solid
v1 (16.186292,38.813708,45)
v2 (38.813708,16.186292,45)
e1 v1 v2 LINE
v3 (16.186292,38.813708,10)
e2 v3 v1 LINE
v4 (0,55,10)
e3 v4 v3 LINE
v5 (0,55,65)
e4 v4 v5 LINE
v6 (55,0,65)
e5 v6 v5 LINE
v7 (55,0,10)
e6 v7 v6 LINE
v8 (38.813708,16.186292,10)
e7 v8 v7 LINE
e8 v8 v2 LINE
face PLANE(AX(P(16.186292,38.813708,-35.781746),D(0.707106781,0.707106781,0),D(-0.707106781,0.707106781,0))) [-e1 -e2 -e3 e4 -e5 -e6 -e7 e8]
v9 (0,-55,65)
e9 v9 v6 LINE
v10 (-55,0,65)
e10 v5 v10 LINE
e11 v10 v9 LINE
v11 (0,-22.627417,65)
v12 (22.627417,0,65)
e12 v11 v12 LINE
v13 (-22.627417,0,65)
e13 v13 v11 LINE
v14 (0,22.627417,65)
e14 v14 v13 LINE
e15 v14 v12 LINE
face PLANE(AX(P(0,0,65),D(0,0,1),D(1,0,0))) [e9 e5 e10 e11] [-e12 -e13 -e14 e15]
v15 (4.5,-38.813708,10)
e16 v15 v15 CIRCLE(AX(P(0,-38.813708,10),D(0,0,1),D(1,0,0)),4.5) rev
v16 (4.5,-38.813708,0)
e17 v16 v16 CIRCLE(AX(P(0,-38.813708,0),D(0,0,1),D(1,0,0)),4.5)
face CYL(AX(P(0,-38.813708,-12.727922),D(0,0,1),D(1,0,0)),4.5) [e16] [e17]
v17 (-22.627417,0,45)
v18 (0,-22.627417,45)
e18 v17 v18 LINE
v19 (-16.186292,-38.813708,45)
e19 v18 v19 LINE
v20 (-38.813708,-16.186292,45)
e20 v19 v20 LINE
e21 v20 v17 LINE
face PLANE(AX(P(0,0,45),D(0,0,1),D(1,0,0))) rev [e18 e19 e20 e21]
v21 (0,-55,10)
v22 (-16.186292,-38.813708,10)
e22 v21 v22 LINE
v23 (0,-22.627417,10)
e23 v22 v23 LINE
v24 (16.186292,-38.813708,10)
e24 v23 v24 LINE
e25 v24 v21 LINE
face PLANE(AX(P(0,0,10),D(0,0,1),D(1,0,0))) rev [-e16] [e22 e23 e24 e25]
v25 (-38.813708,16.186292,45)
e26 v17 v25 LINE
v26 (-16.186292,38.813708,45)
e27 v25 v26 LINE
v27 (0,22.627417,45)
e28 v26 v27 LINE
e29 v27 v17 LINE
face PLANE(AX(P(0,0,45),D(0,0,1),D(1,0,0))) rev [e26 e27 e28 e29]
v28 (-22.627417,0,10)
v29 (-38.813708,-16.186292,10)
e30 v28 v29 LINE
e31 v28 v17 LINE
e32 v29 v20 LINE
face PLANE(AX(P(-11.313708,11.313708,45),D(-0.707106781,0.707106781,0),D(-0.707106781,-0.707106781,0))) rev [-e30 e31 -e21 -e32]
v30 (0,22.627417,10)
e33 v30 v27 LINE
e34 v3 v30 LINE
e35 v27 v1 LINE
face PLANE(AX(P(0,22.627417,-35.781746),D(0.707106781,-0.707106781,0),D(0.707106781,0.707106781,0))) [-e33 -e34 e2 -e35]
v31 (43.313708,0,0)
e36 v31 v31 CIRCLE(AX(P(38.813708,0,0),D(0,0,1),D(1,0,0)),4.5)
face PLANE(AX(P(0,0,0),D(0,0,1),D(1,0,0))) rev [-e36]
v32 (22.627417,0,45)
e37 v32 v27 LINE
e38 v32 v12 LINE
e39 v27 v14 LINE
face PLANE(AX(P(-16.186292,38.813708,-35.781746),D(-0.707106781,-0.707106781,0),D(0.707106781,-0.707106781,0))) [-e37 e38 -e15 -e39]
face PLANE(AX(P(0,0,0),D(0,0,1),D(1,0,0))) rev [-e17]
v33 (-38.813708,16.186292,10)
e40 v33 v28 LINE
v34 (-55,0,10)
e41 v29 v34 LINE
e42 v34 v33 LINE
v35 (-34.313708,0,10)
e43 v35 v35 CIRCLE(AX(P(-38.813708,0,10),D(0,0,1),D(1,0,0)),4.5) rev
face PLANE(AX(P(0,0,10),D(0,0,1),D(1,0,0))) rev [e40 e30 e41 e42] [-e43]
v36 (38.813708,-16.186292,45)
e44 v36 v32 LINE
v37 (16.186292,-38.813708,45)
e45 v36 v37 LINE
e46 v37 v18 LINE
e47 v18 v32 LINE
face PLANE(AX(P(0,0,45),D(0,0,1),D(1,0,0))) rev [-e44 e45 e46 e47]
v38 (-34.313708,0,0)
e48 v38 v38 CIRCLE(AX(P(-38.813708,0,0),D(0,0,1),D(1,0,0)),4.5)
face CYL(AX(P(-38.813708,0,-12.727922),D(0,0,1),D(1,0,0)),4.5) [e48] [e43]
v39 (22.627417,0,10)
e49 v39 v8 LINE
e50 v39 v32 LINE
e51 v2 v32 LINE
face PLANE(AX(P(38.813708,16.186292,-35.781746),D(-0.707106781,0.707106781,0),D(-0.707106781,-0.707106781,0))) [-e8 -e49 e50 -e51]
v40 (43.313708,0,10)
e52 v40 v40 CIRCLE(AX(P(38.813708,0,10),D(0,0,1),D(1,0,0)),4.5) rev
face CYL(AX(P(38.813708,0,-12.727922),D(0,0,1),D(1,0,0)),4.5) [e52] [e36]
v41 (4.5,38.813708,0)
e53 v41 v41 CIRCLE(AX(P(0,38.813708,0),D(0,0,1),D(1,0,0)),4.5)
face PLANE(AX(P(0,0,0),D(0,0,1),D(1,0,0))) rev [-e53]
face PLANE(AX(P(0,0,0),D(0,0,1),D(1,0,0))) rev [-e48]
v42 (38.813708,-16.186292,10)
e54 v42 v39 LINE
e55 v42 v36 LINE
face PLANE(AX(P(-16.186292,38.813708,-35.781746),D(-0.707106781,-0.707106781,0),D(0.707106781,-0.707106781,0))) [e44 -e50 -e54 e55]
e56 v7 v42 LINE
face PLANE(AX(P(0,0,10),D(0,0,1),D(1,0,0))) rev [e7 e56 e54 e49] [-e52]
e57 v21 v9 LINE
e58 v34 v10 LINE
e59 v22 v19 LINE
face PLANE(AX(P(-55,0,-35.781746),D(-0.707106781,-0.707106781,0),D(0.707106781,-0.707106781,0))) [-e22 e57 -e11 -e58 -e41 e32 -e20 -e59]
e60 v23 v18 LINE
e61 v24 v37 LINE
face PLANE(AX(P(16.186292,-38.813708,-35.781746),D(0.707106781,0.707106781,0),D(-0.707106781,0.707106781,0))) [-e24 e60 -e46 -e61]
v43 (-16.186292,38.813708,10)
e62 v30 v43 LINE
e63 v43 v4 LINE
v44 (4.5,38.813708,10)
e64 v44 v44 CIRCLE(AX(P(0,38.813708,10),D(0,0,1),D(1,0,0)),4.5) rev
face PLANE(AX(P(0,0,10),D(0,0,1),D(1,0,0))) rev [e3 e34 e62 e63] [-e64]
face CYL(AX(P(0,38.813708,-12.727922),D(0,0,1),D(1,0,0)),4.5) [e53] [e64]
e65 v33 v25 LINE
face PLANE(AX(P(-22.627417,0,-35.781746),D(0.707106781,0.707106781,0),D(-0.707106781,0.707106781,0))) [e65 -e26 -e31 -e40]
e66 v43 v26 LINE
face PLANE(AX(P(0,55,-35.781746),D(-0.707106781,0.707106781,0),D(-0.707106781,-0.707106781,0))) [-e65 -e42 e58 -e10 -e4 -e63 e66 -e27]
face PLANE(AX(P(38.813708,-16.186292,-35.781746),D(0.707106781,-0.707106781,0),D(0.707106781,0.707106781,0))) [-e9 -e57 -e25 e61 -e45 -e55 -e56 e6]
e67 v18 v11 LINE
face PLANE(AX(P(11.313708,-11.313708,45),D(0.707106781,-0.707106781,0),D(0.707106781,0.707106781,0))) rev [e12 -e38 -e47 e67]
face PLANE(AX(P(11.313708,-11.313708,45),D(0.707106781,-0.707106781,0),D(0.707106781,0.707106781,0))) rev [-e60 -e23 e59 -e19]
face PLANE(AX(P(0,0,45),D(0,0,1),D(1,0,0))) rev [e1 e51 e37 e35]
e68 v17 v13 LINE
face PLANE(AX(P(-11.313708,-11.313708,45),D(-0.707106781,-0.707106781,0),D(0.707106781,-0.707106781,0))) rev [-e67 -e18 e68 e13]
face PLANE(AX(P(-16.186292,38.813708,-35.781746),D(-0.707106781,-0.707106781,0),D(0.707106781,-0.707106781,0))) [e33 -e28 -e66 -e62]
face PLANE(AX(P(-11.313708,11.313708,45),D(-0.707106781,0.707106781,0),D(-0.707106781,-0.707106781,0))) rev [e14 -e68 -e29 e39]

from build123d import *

# Parameters (mm, degrees)
BOSS_EXTRU_1_DEPTH        = 50
BOSS_EXTRU_1_DEPTH_BACK   = 5
BOSS_EXTRU_1_2_DEPTH      = 50
BOSS_EXTRU_1_2_DEPTH_BACK = 5
BOSS_EXTRU_1_3_DEPTH      = 50
BOSS_EXTRU_1_3_DEPTH_BACK = 5
BOSS_EXTRU_1_4_DEPTH      = 50
BOSS_EXTRU_1_4_DEPTH_BACK = 5
BOSS_EXTRU_2_DEPTH        = 20
ESQUISSE4_R               = 4.5
BOSS_EXTRU_3_DEPTH        = 10


with BuildPart() as part:
    # Esquisse1 → Boss.-Extru.1 (new, two sides: drawn at the far end of the back side and taken through both)
    with BuildSketch(Plane.XY.offset(15).offset(-BOSS_EXTRU_1_DEPTH_BACK)):
        Polygon((0, 55), (-16.186291501, 38.813708499), (0, 22.627416998), (16.186291501, 38.813708499), align=None)
    extrude(amount=BOSS_EXTRU_1_DEPTH + BOSS_EXTRU_1_DEPTH_BACK)



with BuildPart() as body_2:
    # Esquisse1 → Boss.-Extru.1 2 (new, two sides: drawn at the far end of the back side and taken through both)
    with BuildSketch(Plane.XY.offset(15).offset(-BOSS_EXTRU_1_2_DEPTH_BACK)):
        Polygon((-38.813708499, 16.186291501), (-55, 0), (-38.813708499, -16.186291501), (-22.627416998, 0), align=None)
    extrude(amount=BOSS_EXTRU_1_2_DEPTH + BOSS_EXTRU_1_2_DEPTH_BACK)


with BuildPart() as body_3:
    # Esquisse1 → Boss.-Extru.1 3 (new, two sides: drawn at the far end of the back side and taken through both)
    with BuildSketch(Plane.XY.offset(15).offset(-BOSS_EXTRU_1_3_DEPTH_BACK)):
        Polygon((-16.186291501, -38.813708499), (0, -55), (16.186291501, -38.813708499), (0, -22.627416998), align=None)
    extrude(amount=BOSS_EXTRU_1_3_DEPTH + BOSS_EXTRU_1_3_DEPTH_BACK)


with BuildPart() as body_4:
    # Esquisse1 → Boss.-Extru.1 4 (new, two sides: drawn at the far end of the back side and taken through both)
    with BuildSketch(Plane.XY.offset(15).offset(-BOSS_EXTRU_1_4_DEPTH_BACK)):
        Polygon((38.813708499, -16.186291501), (55, 0), (38.813708499, 16.186291501), (22.627416998, 0), align=None)
    extrude(amount=BOSS_EXTRU_1_4_DEPTH + BOSS_EXTRU_1_4_DEPTH_BACK)


with BuildPart() as part_1:
    add(part.part)

    add(body_2.part)  # Boss.-Extru.2 merges body 2

    add(body_3.part)  # Boss.-Extru.2 merges body 3

    add(body_4.part)  # Boss.-Extru.2 merges body 4
    # Esquisse3 → Boss.-Extru.2 (add)
    with BuildSketch(Plane.XY.offset(65)):
        Polygon((22.627416998, 0), (0, 22.627416998), (16.186291501, 38.813708499), (38.813708499, 16.186291501), align=None)
        Polygon((-38.813708499, 16.186291501), (-16.186291501, 38.813708499), (0, 22.627416998), (-22.627416998, 0), align=None)
        Polygon((38.813708499, -16.186291501), (16.186291501, -38.813708499), (0, -22.627416998), (22.627416998, 0), align=None)
        Polygon((-38.813708499, -16.186291501), (-22.627416998, 0), (0, -22.627416998), (-16.186291501, -38.813708499), align=None)
    extrude(amount=-BOSS_EXTRU_2_DEPTH)

    # Esquisse4 → Boss.-Extru.3 (add)
    with BuildSketch(Plane(origin=(0, 0, 10), x_dir=(-1, 0, 0), z_dir=(0, 0, -1))):
        with Locations(Location((0, -38.813708499, 0), (0, 0, 180))):
            Circle(ESQUISSE4_R)
        with Locations(Location((-38.813708499, 0, 0), (0, 0, 180))):
            Circle(ESQUISSE4_R)
        with Locations(Location((0, 38.813708499, 0), (0, 0, 180))):
            Circle(ESQUISSE4_R)
        with Locations(Location((38.813708499, 0, 0), (0, 0, 180))):
            Circle(ESQUISSE4_R)
    extrude(amount=BOSS_EXTRU_3_DEPTH)


solid = part_1.part
